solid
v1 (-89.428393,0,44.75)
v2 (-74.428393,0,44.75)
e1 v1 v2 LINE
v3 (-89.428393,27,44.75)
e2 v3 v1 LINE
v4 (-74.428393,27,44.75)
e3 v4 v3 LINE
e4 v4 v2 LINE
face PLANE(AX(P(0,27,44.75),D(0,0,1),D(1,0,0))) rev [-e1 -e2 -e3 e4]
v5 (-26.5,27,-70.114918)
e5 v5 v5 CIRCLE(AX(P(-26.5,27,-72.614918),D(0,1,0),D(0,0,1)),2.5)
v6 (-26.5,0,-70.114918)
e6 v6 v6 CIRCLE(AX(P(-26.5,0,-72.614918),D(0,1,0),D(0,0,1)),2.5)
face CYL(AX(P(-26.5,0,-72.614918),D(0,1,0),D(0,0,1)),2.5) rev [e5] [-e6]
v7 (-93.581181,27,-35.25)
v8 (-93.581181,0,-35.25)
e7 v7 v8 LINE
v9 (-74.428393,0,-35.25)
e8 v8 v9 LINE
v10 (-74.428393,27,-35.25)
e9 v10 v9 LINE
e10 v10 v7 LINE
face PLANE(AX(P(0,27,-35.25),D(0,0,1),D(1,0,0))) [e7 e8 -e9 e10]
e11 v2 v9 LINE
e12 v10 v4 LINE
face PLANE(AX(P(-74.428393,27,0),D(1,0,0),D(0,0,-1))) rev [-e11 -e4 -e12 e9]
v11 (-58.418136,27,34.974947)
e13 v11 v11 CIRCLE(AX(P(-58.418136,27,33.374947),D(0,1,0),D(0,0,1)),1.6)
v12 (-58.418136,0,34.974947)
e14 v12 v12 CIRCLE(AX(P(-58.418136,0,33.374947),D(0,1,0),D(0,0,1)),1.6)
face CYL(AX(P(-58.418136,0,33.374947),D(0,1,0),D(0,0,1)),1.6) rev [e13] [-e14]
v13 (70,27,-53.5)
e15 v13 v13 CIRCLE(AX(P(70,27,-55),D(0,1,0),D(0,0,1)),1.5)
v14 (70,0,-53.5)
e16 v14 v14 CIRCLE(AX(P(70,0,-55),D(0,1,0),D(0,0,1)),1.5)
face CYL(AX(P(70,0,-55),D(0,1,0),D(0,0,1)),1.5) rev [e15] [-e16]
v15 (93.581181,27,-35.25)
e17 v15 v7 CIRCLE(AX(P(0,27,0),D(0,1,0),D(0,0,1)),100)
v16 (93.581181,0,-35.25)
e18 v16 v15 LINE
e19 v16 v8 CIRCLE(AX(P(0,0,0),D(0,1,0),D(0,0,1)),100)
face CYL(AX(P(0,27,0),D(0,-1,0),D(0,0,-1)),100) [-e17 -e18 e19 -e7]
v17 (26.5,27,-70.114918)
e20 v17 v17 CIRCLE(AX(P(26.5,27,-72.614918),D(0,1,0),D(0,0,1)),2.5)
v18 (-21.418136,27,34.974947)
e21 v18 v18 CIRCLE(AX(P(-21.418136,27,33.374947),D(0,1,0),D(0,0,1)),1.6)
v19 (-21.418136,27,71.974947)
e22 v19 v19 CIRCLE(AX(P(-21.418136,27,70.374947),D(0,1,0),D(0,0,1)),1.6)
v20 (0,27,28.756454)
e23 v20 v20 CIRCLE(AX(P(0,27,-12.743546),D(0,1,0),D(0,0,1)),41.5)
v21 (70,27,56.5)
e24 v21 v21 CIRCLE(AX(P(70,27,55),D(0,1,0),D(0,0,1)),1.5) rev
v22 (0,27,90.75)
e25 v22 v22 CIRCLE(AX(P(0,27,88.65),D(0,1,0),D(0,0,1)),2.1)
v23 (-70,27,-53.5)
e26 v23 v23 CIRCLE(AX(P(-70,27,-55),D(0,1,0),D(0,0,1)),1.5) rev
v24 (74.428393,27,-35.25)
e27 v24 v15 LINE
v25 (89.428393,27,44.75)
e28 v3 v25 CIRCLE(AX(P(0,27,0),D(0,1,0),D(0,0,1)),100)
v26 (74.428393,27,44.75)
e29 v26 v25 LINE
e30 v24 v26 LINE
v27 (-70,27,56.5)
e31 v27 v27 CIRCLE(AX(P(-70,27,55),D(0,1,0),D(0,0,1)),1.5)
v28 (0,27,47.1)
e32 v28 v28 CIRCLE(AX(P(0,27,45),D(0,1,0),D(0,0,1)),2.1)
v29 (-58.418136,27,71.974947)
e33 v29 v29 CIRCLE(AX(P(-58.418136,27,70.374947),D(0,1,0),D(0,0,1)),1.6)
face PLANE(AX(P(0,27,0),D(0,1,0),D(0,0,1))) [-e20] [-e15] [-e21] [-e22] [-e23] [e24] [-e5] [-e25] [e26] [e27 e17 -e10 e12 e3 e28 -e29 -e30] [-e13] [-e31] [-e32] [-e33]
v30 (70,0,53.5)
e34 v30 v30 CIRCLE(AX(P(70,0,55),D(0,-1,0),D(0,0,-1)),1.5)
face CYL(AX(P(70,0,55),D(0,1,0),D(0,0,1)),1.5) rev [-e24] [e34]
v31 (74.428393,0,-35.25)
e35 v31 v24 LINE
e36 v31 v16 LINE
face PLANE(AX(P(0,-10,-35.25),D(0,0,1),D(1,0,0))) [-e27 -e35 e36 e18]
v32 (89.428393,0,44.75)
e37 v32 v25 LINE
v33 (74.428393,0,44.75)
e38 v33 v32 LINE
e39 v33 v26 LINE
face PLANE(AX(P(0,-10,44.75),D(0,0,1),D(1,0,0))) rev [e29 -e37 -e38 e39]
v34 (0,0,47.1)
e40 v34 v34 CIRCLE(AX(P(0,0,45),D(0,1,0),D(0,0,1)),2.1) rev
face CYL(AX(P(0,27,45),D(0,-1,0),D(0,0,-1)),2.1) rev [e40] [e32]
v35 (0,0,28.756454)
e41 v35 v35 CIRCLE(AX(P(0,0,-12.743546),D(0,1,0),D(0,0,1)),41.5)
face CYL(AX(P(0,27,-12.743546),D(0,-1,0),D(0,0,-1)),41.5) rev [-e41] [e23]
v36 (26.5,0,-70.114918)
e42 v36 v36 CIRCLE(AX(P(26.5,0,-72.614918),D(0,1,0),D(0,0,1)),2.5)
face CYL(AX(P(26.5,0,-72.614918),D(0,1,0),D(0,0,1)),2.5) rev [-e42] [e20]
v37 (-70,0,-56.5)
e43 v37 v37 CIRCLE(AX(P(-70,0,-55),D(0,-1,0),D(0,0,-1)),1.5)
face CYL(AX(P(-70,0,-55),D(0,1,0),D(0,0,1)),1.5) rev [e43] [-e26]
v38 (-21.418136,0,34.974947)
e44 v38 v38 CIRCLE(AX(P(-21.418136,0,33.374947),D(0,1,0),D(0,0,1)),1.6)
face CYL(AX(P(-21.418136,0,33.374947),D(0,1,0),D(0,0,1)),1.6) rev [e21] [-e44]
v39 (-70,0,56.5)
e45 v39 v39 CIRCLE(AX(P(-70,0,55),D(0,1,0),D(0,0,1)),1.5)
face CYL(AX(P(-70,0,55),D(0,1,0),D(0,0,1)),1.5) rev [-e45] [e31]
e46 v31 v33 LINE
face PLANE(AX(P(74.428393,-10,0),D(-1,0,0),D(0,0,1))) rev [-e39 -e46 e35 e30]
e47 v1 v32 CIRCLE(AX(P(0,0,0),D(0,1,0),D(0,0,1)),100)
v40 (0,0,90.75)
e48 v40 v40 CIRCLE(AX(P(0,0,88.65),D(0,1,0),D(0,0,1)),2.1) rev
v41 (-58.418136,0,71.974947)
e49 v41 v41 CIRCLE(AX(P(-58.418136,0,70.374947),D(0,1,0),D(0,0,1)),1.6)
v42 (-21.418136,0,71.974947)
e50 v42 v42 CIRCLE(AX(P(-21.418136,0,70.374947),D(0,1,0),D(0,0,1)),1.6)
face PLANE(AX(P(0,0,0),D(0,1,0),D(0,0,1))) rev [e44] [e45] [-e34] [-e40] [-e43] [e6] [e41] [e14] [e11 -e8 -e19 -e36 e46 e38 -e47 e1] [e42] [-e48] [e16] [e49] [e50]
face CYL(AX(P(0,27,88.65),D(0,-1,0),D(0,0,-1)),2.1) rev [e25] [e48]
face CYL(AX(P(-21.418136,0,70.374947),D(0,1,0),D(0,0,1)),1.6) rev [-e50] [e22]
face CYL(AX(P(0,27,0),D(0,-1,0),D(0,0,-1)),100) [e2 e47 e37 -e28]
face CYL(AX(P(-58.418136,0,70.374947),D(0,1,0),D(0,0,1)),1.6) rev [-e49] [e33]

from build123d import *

# Parameters (mm, degrees)
SKETCH_2_R               = 100
EXTRUDE_1_DEPTH          = 27
CUT_EXTRUDE_1_DEPTH      = 144.975692393
CUT_EXTRUDE_1_DEPTH_BACK = 10
SKETCH_2_8_R             = 41.5
CUT_EXTRUDE_4_DEPTH      = 140.593830451
CUT_EXTRUDE_7_DEPTH      = 140.593830451
CUT_EXTRUDE_7_DEPTH_BACK = 10
SKETCH_2_11_R            = 2.1
CUT_EXTRUDE_8_DEPTH      = 140.593830451
CUT_EXTRUDE_8_DEPTH_BACK = 140.593830451
SKETCH_6_R               = 1.6
SKETCH_6_R_2             = 1.5
CUT_EXTRUDE_9_DEPTH      = 140.593830451
CUT_EXTRUDE_9_DEPTH_BACK = 140.593830451
SKETCH_7_R               = 2.5


with BuildPart() as part:
    # 草圖2 → 填料-伸長1 (new body)
    with BuildSketch(Plane(origin=(0, 0, 0), x_dir=(1, 0, 0), z_dir=(0, 1, 0))):
        Circle(SKETCH_2_R)
    extrude(amount=EXTRUDE_1_DEPTH)

    # 草圖2<5> → 除料-伸長1 (cut, two sides: drawn at the far end of the back side and taken through both)
    with BuildSketch(Plane(origin=(0, 0, 0), x_dir=(1, 0, 0), z_dir=(0, 1, 0)).offset(-CUT_EXTRUDE_1_DEPTH_BACK)):
        with BuildLine():
            Line((93.581181335, 35.25), (74.428393142, 35.25))
            Line((74.428393142, 35.25), (74.428393142, -44.75))
            Line((74.428393142, -44.75), (89.428393142, -44.75))
            ThreePointArc((89.428393142, -44.75), (99.86554004, -5.184005444), (93.581181335, 35.25))
        make_face()
        with BuildLine():
            Line((-74.428393142, 35.25), (-93.581181335, 35.25))
            ThreePointArc((-93.581181335, 35.25), (-99.86554004, -5.184005444), (-89.428393142, -44.75))
            Line((-89.428393142, -44.75), (-74.428393142, -44.75))
            Line((-74.428393142, -44.75), (-74.428393142, 35.25))
        make_face()
    extrude(amount=CUT_EXTRUDE_1_DEPTH + CUT_EXTRUDE_1_DEPTH_BACK, mode=Mode.SUBTRACT)

    # 草圖2<8> → 除料-伸長4 (cut, through all)
    with BuildSketch(Plane(origin=(0, 0, 0), x_dir=(1, 0, 0), z_dir=(0, 1, 0))):
        with Locations((0, 12.743545883)):
            Circle(SKETCH_2_8_R)
    extrude(amount=CUT_EXTRUDE_4_DEPTH, mode=Mode.SUBTRACT)

    # 草圖2<11> → 除料-伸長7 (cut, two sides: drawn at the far end of the back side and taken through both)
    with BuildSketch(Plane(origin=(0, 0, 0), x_dir=(1, 0, 0), z_dir=(0, 1, 0)).offset(-CUT_EXTRUDE_7_DEPTH_BACK)):
        with Locations((0, -45)):
            Circle(SKETCH_2_11_R)
        with Locations((0, -88.65)):
            Circle(SKETCH_2_11_R)
    extrude(amount=CUT_EXTRUDE_7_DEPTH + CUT_EXTRUDE_7_DEPTH_BACK, mode=Mode.SUBTRACT)

    # 草圖6 → 除料-伸長8 (cut, two sides: drawn at the far end of the back side and taken through both)
    with BuildSketch(Plane(origin=(0, 27, 0), x_dir=(1, 0, 0), z_dir=(0, 1, 0)).offset(-CUT_EXTRUDE_8_DEPTH_BACK)):
        with Locations((-58.41813564, -33.374946877)):
            Circle(SKETCH_6_R)
        with Locations((-21.41813564, -33.374946877)):
            Circle(SKETCH_6_R)
        with Locations((-58.41813564, -70.374946877)):
            Circle(SKETCH_6_R)
        with Locations((-21.41813564, -70.374946877)):
            Circle(SKETCH_6_R)
        with Locations((-70, -55)):
            Circle(SKETCH_6_R_2)
        with Locations((-70, 55)):
            Circle(SKETCH_6_R_2)
        with Locations((70, -55)):
            Circle(SKETCH_6_R_2)
        with Locations((70, 55)):
            Circle(SKETCH_6_R_2)
    extrude(amount=CUT_EXTRUDE_8_DEPTH + CUT_EXTRUDE_8_DEPTH_BACK, mode=Mode.SUBTRACT)

    # 草圖7 → 除料-伸長9 (cut, two sides: drawn at the far end of the back side and taken through both)
    with BuildSketch(Plane(origin=(0, 27, 0), x_dir=(1, 0, 0), z_dir=(0, 1, 0)).offset(-CUT_EXTRUDE_9_DEPTH_BACK)):
        with Locations((-26.5, 72.61491789)):
            Circle(SKETCH_7_R)
        with Locations((26.5, 72.61491789)):
            Circle(SKETCH_7_R)
    extrude(amount=CUT_EXTRUDE_9_DEPTH + CUT_EXTRUDE_9_DEPTH_BACK, mode=Mode.SUBTRACT)


solid = part.part
